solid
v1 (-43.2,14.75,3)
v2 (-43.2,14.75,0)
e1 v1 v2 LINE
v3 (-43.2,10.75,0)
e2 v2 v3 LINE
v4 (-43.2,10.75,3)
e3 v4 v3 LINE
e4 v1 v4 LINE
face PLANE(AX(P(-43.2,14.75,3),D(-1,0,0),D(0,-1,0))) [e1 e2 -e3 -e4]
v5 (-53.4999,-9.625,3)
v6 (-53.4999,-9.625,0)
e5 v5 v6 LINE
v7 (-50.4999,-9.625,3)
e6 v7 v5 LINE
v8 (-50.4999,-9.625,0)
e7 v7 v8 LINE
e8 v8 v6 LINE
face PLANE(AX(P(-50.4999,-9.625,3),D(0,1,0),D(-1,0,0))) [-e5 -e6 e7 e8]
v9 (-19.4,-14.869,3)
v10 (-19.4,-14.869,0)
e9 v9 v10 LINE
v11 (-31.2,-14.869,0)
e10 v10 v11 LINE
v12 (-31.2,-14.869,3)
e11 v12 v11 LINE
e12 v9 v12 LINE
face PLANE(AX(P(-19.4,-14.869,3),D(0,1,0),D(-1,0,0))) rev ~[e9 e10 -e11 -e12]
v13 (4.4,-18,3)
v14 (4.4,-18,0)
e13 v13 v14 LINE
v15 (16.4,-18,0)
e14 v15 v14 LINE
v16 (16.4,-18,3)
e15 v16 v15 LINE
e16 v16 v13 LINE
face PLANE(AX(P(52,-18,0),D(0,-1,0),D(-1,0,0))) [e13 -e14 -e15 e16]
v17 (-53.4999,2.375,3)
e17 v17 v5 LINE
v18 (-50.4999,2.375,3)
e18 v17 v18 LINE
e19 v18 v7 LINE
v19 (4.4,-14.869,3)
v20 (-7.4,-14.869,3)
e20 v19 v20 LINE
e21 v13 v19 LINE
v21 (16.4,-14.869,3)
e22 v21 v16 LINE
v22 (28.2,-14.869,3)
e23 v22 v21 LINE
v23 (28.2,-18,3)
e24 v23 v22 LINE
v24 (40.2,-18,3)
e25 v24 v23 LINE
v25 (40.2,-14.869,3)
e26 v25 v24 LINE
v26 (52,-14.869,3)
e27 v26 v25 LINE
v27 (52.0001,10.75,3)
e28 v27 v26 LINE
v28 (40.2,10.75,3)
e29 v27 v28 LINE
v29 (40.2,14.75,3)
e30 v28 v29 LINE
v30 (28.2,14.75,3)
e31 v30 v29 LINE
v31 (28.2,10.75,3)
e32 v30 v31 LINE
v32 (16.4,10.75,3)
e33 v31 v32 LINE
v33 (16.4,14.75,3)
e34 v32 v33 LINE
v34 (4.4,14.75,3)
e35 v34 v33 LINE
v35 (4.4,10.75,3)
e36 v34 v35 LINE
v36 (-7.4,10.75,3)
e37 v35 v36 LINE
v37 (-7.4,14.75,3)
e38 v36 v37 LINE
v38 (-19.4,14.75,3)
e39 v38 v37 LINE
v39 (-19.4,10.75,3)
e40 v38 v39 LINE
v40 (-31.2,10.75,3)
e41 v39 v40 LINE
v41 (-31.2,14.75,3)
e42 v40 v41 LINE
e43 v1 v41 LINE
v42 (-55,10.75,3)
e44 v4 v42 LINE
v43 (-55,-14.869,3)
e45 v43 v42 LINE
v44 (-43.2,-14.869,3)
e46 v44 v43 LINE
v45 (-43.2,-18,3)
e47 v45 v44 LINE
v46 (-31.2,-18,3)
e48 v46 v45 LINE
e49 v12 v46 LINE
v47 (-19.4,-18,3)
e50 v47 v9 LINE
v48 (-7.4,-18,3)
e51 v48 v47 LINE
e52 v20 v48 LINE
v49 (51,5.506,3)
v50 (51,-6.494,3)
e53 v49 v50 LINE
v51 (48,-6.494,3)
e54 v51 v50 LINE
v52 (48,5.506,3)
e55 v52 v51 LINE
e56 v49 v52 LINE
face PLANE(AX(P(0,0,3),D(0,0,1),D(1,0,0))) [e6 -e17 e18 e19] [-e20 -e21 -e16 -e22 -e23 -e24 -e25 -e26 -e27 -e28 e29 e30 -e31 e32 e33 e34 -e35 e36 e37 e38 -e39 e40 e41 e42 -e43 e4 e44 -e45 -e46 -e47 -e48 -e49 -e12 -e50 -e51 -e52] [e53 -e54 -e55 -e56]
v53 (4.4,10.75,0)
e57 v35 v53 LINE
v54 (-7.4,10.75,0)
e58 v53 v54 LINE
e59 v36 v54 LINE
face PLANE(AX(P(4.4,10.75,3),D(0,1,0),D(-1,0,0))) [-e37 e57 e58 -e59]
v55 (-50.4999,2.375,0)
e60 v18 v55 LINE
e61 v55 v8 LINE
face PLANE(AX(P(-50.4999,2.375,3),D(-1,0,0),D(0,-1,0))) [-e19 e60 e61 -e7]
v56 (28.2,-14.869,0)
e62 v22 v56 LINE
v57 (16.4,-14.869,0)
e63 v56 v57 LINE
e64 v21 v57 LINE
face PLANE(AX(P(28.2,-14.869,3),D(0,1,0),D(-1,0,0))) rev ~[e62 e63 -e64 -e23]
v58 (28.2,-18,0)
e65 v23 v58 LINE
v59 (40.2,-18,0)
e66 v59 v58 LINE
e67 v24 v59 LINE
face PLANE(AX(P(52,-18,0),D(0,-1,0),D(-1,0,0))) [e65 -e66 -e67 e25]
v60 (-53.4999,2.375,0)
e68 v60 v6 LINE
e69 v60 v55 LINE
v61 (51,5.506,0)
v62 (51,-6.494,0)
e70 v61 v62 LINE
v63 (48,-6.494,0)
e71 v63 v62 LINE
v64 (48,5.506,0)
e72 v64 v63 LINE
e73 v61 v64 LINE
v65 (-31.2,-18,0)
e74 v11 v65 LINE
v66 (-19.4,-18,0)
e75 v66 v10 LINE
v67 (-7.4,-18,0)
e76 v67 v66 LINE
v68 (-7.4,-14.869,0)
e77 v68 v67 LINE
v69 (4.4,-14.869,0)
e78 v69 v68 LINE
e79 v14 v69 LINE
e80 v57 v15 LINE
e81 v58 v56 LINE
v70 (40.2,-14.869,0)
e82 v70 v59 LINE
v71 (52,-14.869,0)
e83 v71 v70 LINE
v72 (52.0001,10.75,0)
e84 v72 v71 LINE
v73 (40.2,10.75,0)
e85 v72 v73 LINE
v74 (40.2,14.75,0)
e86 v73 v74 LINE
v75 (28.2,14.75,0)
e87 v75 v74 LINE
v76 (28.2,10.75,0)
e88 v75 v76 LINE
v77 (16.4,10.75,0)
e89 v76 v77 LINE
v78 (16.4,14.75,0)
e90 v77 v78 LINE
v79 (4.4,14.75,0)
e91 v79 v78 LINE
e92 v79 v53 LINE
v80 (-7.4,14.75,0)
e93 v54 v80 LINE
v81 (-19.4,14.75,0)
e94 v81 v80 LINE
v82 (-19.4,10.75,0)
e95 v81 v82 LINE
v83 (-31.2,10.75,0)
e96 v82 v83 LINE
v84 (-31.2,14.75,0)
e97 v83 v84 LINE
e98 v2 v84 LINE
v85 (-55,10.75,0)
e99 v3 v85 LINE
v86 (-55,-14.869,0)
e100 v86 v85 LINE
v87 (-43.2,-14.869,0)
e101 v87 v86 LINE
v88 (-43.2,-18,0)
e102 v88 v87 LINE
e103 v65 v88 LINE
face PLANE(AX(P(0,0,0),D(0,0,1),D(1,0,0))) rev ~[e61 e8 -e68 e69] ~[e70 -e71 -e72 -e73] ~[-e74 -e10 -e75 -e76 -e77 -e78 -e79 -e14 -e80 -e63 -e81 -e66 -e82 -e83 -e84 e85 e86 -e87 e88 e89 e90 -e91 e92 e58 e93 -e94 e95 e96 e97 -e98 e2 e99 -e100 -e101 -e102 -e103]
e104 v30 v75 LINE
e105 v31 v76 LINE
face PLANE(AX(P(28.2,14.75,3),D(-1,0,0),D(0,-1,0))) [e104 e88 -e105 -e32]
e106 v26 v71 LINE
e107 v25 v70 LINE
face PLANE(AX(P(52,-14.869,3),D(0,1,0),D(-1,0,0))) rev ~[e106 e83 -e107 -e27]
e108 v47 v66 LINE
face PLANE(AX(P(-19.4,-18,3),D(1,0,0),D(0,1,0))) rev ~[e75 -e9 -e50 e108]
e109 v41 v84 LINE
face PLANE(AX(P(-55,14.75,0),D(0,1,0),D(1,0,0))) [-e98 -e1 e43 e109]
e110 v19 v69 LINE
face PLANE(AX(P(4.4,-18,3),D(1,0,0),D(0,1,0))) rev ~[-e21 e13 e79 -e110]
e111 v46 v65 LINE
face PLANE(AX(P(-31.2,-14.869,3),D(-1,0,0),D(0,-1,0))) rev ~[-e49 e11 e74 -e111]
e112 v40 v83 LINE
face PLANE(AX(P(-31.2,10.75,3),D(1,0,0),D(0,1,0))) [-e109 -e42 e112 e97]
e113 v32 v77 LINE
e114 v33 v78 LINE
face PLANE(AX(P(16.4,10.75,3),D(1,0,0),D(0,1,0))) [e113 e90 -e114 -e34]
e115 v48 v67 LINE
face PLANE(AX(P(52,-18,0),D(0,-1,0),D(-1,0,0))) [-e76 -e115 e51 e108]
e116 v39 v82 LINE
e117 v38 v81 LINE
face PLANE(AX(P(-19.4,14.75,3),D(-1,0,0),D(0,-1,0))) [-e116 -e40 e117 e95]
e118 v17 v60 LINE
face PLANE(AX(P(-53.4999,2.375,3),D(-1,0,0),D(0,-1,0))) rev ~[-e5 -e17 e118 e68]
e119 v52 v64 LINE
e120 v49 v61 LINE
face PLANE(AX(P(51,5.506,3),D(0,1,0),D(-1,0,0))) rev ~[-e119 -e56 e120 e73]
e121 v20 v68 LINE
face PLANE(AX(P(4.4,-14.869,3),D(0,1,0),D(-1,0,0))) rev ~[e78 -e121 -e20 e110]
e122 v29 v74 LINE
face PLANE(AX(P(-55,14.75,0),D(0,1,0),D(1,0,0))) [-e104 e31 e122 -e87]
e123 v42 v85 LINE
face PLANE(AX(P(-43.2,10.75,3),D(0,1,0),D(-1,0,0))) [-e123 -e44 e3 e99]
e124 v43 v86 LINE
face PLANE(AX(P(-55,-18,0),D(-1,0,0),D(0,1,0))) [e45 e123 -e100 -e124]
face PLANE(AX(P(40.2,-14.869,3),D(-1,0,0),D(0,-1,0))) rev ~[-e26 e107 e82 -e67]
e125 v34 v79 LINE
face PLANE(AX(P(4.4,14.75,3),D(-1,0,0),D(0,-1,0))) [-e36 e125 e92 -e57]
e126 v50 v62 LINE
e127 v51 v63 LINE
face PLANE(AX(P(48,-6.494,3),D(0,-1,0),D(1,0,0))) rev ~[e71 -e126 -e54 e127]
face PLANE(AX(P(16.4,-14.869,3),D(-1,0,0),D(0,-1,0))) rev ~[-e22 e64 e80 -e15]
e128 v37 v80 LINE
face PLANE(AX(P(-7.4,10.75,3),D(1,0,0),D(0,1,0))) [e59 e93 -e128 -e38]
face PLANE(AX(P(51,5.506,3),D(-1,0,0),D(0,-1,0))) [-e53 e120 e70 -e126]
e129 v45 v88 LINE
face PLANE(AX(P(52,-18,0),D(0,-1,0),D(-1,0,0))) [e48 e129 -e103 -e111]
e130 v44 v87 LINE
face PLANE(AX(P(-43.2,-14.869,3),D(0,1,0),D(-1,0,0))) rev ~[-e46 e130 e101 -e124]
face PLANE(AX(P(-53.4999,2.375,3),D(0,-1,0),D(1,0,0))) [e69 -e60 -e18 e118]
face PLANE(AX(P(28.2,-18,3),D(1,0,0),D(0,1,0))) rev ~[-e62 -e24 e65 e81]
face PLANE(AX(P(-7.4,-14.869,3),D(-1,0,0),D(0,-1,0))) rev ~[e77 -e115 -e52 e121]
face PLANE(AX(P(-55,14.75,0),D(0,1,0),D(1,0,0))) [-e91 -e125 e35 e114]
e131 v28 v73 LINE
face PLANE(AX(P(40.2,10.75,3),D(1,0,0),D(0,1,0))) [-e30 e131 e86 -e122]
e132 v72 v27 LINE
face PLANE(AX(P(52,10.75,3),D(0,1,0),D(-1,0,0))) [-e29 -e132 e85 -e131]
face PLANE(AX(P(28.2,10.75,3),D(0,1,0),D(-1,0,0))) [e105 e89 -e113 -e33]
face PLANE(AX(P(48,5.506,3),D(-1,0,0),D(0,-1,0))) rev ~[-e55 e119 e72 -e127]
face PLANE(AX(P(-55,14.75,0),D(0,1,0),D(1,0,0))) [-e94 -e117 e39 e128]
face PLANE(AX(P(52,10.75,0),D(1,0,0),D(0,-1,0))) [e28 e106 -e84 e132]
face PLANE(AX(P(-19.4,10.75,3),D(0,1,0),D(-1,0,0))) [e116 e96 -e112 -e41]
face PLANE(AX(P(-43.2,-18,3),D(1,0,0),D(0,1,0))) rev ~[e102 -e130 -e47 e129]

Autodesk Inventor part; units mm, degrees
ref_plane "YZ Plane" through (0, 0, 0) normal (1, 0, 0) x (0, 1, 0)
ref_plane "XZ Plane" through (0, 0, 0) normal (0, 1, 0) x (-1, 0, 0)
ref_plane "XY Plane" through (0, 0, 0) normal (0, 0, 1) x (1, 0, 0)
sketch "Esboço1" plane through (0, 0, 0) normal (0, 0, 1) x (1, 0, 0)
  line L0 (-55, 14.75) -> (52, 14.75)
  line L1 (52, 14.75) -> (52, -18)
  line L2 (52, -18) -> (-55, -18)
  line L3 (-55, -18) -> (-55, 14.75)
  line L4 (52.0001, 13.75) -> (52.0001, 10.75) projected
  line L5 (-50.5, -18) -> (-53.5, -18)
  point P0 (0, 0)
  dimension "d34" = 52
  dimension "d35" = 18
  dimension "d36" = 14.75
extrude "Extrusão1" add sketch "Esboço1" along normal blind 3
sketch "Esboço2" plane through (0, 0, 3) normal (0, 0, 1) x (1, 0, 0)
  line L0 (19.2209, 13.75) -> (19.2209, 10.75) projected
  line L1 (52, 14.75) -> (-55, 14.75) projected
  line L2 (-55, 14.75) -> (-55, -18) projected
  line L3 (-55, 14.75) -> (-43.2, 14.75)
  line L4 (-43.2, 14.75) -> (-43.2, 10.75)
  line L5 (-43.2, 10.75) -> (-55, 10.75)
  line L6 (-55, 10.75) -> (-55, 14.75)
  line L7 (-19.4, 14.75) -> (-19.4, 10.75)
  line L8 (-19.4, 10.75) -> (-31.2, 10.75)
  line L9 (-31.2, 10.75) -> (-31.2, 14.75)
  line L10 (-31.2, 14.75) -> (-19.4, 14.75)
  line L11 (4.4, 14.75) -> (4.4, 10.75)
  line L12 (4.4, 10.75) -> (-7.4, 10.75)
  line L13 (-7.4, 10.75) -> (-7.4, 14.75)
  line L14 (-7.4, 14.75) -> (4.4, 14.75)
  line L15 (28.2, 14.75) -> (28.2, 10.75)
  line L16 (28.2, 10.75) -> (16.4, 10.75)
  line L17 (16.4, 10.75) -> (16.4, 14.75)
  line L18 (16.4, 14.75) -> (28.2, 14.75)
  line L19 (-55, -18) -> (-43.2, -18)
  line L20 (-43.2, -18) -> (-43.2, -14.869)
  line L21 (-43.2, -14.869) -> (-55, -14.869)
  line L22 (-55, -14.869) -> (-55, -18)
  line L23 (-19.4, -18) -> (-19.4, -14.869)
  line L24 (-31.2, -18) -> (-19.4, -18)
  line L25 (-31.2, -14.869) -> (-31.2, -18)
  line L26 (-19.4, -14.869) -> (-31.2, -14.869)
  line L27 (4.4, -18) -> (4.4, -14.869)
  line L28 (-7.4, -18) -> (4.4, -18)
  line L29 (-7.4, -14.869) -> (-7.4, -18)
  line L30 (4.4, -14.869) -> (-7.4, -14.869)
  line L31 (28.2, -18) -> (28.2, -14.869)
  line L32 (16.4, -18) -> (28.2, -18)
  line L33 (16.4, -14.869) -> (16.4, -18)
  line L34 (28.2, -14.869) -> (16.4, -14.869)
  line L35 (52, -18) -> (52, -14.869)
  line L36 (40.2, -18) -> (52, -18)
  line L37 (40.2, -14.869) -> (40.2, -18)
  line L38 (52, -14.869) -> (40.2, -14.869)
  line L39 (-53.4999, 2.375) -> (-50.4999, 2.375) projected
  line L40 (-50.4999, 2.375) -> (-50.4999, -9.625) projected
  line L41 (-50.4999, -9.625) -> (-53.4999, -9.625) projected
  line L42 (-53.4999, 2.375) -> (-53.4999, -9.625) projected
  line L43 (-53.4999, -9.625) -> (-50.4999, -9.625)
  line L44 (-50.4999, -9.625) -> (-50.4999, 2.375)
  line L45 (-50.4999, 2.375) -> (-53.4999, 2.375)
  line L46 (-53.4999, 2.375) -> (-53.4999, -9.625)
  line L47 (52, 14.75) -> (52, 10.75)
  line L48 (52, 10.75) -> (40.2, 10.75)
  line L49 (40.2, 10.75) -> (40.2, 14.75)
  line L50 (40.2, 14.75) -> (52, 14.75)
  line L51 (51, 5.506) -> (48, 5.506) projected
  line L52 (48, 5.506) -> (48, -6.494) projected
  line L53 (48, -6.494) -> (51, -6.494) projected
  line L54 (51, 5.506) -> (51, -6.494) projected
  line L55 (48, 5.506) -> (51, 5.506)
  line L56 (51, 5.506) -> (51, -6.494)
  line L57 (51, -6.494) -> (48, -6.494)
  line L58 (48, -6.494) -> (48, 5.506)
  point P0 (52, -18)
  point P1 (4.4, 14.75)
  point P2 (-43.2, 14.75)
  dimension "d37" = 11.8
  dimension "d38" = 4
  dimension "d41" = 23.8
  dimension "d46" = 11.8
  dimension "d49" = 23.8
extrude "Extrusão2" cut sketch "Esboço2" against normal through all
properties part number "Acrilico-Parachoque-Parede-Inf"
